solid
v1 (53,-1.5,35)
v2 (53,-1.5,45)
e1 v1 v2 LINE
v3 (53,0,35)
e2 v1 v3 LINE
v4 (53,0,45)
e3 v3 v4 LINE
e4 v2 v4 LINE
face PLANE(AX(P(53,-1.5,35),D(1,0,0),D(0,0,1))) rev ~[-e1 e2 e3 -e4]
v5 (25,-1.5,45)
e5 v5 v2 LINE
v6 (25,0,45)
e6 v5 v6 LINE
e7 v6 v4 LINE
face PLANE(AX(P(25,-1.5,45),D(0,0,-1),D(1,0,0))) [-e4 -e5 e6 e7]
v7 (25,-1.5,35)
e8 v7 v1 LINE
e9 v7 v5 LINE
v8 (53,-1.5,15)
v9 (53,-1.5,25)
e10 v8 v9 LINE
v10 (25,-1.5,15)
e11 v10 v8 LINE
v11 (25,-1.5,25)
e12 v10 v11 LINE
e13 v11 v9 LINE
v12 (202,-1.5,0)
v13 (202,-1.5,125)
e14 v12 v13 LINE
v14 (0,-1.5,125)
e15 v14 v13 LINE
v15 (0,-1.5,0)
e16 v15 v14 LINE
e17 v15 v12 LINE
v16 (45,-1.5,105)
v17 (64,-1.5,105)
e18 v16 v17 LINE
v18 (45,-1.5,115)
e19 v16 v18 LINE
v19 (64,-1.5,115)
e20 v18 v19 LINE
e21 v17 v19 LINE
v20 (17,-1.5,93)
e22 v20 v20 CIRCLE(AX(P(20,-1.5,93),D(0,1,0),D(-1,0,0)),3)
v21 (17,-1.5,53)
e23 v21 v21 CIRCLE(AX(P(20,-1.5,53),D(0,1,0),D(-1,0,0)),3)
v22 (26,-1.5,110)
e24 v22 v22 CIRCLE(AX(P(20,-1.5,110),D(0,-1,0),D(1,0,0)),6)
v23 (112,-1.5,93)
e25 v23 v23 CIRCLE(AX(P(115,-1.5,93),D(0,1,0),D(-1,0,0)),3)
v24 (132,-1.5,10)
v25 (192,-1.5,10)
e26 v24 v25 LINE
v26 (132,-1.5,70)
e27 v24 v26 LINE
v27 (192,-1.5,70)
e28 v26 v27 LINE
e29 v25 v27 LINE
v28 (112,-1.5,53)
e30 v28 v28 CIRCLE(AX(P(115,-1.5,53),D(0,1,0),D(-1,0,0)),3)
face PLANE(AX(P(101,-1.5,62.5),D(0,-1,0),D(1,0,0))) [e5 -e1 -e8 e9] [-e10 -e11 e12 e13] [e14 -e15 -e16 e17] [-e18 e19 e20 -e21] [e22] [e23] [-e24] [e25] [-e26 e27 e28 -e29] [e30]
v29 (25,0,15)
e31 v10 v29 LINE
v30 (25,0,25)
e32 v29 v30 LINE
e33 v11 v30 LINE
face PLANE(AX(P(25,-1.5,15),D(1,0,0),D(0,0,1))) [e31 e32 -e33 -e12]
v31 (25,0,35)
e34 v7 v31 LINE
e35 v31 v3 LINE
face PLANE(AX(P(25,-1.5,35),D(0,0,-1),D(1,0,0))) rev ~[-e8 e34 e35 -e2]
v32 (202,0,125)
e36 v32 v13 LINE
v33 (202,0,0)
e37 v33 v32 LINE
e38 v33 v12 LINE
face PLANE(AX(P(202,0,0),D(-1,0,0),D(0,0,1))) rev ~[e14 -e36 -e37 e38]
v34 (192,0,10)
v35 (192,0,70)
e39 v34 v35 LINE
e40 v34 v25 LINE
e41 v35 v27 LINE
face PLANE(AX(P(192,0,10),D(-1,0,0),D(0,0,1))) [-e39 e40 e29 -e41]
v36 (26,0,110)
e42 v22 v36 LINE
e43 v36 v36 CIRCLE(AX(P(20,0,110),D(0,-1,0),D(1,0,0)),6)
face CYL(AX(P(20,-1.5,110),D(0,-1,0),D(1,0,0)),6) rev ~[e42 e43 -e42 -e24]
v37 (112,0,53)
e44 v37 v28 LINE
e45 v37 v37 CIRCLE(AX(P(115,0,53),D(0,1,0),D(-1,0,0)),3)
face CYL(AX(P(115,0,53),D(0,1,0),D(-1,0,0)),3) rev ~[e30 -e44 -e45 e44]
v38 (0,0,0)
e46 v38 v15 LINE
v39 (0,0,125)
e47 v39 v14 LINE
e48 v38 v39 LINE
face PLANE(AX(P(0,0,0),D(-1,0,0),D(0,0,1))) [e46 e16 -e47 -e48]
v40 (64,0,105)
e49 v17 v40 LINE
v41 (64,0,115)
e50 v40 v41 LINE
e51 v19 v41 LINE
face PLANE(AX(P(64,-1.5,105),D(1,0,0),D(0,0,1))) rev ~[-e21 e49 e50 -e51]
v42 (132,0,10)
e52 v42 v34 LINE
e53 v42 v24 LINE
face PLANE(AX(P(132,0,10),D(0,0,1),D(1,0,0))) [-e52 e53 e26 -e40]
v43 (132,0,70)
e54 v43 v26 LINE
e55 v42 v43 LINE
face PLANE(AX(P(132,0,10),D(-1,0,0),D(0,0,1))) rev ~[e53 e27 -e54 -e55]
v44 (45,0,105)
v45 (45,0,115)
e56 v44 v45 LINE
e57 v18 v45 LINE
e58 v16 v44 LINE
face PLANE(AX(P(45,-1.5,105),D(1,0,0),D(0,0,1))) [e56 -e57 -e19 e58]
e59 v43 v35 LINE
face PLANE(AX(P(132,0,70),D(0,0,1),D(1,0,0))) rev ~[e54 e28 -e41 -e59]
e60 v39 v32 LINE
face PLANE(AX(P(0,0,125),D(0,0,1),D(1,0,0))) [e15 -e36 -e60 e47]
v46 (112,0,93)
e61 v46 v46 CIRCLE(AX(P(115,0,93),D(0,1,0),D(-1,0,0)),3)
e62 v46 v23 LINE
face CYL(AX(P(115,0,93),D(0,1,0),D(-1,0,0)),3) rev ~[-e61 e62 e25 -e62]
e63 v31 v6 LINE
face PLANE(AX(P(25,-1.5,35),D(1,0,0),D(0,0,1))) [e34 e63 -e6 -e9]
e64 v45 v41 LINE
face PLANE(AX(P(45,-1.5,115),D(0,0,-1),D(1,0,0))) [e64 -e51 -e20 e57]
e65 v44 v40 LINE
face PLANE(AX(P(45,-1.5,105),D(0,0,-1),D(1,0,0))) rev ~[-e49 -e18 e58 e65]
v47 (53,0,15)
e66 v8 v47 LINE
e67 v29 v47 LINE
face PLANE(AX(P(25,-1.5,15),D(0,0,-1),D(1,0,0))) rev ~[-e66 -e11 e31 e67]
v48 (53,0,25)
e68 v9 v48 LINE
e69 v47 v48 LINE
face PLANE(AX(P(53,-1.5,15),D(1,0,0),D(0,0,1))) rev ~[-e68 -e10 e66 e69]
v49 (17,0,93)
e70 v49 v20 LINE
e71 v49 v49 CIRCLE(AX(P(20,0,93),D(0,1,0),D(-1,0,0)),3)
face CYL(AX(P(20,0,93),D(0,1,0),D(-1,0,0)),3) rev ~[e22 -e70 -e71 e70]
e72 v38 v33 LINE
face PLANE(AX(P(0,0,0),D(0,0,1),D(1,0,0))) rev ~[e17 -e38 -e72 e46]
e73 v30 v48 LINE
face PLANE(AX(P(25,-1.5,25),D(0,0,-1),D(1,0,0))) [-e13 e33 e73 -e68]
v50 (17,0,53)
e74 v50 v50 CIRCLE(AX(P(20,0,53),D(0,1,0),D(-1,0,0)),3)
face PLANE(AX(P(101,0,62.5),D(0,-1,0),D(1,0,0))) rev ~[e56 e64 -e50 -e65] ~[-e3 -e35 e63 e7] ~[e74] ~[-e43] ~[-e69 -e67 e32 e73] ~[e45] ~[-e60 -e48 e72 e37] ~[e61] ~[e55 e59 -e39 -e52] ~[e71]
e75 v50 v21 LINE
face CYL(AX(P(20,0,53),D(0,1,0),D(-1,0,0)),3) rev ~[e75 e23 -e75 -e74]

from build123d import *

# Parameters (mm, degrees)
F0_W     = 202
F0_H     = 125
F0_W_2   = 60
F0_H_2   = 60
F1_DEPTH = 1.5
F2_W     = 28
F2_H     = 10
F2_R     = 6
F2_W_2   = 19
F3_DEPTH = 1.5
F4_R     = 3
F5_DEPTH = 1.5


with BuildPart() as f1:
    # F0 (on Front) → F1 (new body)
    with BuildSketch(Plane.XZ):
        with Locations((101, 62.5)):
            Rectangle(F0_W, F0_H)
        with Locations((162, 40)):
            Rectangle(F0_W_2, F0_H_2, mode=Mode.SUBTRACT)
    extrude(amount=F1_DEPTH)

    # F2 (on face) → F3 (cut, through all)
    with BuildSketch(Plane.XZ.offset(1.5)):
        with Locations((39, 20)):
            Rectangle(F2_W, F2_H)
        with Locations((39, 40)):
            Rectangle(F2_W, F2_H)
        with Locations((20, 110)):
            Circle(F2_R)
        with Locations((54.5, 110)):
            Rectangle(F2_W_2, F2_H)
    extrude(amount=-F3_DEPTH, mode=Mode.SUBTRACT)

    # F4 (on face) → F5 (cut, through all)
    with BuildSketch(Plane(origin=(0, 0, 0), x_dir=(-1, 0, 0), z_dir=(0, 1, 0))):
        with Locations((-20, 93)):
            Circle(F4_R)
        with Locations((-115, 53)):
            Circle(F4_R)
        with Locations((-20, 53)):
            Circle(F4_R)
        with Locations((-115, 93)):
            Circle(F4_R)
    extrude(amount=-F5_DEPTH, mode=Mode.SUBTRACT)


solid = f1.part
